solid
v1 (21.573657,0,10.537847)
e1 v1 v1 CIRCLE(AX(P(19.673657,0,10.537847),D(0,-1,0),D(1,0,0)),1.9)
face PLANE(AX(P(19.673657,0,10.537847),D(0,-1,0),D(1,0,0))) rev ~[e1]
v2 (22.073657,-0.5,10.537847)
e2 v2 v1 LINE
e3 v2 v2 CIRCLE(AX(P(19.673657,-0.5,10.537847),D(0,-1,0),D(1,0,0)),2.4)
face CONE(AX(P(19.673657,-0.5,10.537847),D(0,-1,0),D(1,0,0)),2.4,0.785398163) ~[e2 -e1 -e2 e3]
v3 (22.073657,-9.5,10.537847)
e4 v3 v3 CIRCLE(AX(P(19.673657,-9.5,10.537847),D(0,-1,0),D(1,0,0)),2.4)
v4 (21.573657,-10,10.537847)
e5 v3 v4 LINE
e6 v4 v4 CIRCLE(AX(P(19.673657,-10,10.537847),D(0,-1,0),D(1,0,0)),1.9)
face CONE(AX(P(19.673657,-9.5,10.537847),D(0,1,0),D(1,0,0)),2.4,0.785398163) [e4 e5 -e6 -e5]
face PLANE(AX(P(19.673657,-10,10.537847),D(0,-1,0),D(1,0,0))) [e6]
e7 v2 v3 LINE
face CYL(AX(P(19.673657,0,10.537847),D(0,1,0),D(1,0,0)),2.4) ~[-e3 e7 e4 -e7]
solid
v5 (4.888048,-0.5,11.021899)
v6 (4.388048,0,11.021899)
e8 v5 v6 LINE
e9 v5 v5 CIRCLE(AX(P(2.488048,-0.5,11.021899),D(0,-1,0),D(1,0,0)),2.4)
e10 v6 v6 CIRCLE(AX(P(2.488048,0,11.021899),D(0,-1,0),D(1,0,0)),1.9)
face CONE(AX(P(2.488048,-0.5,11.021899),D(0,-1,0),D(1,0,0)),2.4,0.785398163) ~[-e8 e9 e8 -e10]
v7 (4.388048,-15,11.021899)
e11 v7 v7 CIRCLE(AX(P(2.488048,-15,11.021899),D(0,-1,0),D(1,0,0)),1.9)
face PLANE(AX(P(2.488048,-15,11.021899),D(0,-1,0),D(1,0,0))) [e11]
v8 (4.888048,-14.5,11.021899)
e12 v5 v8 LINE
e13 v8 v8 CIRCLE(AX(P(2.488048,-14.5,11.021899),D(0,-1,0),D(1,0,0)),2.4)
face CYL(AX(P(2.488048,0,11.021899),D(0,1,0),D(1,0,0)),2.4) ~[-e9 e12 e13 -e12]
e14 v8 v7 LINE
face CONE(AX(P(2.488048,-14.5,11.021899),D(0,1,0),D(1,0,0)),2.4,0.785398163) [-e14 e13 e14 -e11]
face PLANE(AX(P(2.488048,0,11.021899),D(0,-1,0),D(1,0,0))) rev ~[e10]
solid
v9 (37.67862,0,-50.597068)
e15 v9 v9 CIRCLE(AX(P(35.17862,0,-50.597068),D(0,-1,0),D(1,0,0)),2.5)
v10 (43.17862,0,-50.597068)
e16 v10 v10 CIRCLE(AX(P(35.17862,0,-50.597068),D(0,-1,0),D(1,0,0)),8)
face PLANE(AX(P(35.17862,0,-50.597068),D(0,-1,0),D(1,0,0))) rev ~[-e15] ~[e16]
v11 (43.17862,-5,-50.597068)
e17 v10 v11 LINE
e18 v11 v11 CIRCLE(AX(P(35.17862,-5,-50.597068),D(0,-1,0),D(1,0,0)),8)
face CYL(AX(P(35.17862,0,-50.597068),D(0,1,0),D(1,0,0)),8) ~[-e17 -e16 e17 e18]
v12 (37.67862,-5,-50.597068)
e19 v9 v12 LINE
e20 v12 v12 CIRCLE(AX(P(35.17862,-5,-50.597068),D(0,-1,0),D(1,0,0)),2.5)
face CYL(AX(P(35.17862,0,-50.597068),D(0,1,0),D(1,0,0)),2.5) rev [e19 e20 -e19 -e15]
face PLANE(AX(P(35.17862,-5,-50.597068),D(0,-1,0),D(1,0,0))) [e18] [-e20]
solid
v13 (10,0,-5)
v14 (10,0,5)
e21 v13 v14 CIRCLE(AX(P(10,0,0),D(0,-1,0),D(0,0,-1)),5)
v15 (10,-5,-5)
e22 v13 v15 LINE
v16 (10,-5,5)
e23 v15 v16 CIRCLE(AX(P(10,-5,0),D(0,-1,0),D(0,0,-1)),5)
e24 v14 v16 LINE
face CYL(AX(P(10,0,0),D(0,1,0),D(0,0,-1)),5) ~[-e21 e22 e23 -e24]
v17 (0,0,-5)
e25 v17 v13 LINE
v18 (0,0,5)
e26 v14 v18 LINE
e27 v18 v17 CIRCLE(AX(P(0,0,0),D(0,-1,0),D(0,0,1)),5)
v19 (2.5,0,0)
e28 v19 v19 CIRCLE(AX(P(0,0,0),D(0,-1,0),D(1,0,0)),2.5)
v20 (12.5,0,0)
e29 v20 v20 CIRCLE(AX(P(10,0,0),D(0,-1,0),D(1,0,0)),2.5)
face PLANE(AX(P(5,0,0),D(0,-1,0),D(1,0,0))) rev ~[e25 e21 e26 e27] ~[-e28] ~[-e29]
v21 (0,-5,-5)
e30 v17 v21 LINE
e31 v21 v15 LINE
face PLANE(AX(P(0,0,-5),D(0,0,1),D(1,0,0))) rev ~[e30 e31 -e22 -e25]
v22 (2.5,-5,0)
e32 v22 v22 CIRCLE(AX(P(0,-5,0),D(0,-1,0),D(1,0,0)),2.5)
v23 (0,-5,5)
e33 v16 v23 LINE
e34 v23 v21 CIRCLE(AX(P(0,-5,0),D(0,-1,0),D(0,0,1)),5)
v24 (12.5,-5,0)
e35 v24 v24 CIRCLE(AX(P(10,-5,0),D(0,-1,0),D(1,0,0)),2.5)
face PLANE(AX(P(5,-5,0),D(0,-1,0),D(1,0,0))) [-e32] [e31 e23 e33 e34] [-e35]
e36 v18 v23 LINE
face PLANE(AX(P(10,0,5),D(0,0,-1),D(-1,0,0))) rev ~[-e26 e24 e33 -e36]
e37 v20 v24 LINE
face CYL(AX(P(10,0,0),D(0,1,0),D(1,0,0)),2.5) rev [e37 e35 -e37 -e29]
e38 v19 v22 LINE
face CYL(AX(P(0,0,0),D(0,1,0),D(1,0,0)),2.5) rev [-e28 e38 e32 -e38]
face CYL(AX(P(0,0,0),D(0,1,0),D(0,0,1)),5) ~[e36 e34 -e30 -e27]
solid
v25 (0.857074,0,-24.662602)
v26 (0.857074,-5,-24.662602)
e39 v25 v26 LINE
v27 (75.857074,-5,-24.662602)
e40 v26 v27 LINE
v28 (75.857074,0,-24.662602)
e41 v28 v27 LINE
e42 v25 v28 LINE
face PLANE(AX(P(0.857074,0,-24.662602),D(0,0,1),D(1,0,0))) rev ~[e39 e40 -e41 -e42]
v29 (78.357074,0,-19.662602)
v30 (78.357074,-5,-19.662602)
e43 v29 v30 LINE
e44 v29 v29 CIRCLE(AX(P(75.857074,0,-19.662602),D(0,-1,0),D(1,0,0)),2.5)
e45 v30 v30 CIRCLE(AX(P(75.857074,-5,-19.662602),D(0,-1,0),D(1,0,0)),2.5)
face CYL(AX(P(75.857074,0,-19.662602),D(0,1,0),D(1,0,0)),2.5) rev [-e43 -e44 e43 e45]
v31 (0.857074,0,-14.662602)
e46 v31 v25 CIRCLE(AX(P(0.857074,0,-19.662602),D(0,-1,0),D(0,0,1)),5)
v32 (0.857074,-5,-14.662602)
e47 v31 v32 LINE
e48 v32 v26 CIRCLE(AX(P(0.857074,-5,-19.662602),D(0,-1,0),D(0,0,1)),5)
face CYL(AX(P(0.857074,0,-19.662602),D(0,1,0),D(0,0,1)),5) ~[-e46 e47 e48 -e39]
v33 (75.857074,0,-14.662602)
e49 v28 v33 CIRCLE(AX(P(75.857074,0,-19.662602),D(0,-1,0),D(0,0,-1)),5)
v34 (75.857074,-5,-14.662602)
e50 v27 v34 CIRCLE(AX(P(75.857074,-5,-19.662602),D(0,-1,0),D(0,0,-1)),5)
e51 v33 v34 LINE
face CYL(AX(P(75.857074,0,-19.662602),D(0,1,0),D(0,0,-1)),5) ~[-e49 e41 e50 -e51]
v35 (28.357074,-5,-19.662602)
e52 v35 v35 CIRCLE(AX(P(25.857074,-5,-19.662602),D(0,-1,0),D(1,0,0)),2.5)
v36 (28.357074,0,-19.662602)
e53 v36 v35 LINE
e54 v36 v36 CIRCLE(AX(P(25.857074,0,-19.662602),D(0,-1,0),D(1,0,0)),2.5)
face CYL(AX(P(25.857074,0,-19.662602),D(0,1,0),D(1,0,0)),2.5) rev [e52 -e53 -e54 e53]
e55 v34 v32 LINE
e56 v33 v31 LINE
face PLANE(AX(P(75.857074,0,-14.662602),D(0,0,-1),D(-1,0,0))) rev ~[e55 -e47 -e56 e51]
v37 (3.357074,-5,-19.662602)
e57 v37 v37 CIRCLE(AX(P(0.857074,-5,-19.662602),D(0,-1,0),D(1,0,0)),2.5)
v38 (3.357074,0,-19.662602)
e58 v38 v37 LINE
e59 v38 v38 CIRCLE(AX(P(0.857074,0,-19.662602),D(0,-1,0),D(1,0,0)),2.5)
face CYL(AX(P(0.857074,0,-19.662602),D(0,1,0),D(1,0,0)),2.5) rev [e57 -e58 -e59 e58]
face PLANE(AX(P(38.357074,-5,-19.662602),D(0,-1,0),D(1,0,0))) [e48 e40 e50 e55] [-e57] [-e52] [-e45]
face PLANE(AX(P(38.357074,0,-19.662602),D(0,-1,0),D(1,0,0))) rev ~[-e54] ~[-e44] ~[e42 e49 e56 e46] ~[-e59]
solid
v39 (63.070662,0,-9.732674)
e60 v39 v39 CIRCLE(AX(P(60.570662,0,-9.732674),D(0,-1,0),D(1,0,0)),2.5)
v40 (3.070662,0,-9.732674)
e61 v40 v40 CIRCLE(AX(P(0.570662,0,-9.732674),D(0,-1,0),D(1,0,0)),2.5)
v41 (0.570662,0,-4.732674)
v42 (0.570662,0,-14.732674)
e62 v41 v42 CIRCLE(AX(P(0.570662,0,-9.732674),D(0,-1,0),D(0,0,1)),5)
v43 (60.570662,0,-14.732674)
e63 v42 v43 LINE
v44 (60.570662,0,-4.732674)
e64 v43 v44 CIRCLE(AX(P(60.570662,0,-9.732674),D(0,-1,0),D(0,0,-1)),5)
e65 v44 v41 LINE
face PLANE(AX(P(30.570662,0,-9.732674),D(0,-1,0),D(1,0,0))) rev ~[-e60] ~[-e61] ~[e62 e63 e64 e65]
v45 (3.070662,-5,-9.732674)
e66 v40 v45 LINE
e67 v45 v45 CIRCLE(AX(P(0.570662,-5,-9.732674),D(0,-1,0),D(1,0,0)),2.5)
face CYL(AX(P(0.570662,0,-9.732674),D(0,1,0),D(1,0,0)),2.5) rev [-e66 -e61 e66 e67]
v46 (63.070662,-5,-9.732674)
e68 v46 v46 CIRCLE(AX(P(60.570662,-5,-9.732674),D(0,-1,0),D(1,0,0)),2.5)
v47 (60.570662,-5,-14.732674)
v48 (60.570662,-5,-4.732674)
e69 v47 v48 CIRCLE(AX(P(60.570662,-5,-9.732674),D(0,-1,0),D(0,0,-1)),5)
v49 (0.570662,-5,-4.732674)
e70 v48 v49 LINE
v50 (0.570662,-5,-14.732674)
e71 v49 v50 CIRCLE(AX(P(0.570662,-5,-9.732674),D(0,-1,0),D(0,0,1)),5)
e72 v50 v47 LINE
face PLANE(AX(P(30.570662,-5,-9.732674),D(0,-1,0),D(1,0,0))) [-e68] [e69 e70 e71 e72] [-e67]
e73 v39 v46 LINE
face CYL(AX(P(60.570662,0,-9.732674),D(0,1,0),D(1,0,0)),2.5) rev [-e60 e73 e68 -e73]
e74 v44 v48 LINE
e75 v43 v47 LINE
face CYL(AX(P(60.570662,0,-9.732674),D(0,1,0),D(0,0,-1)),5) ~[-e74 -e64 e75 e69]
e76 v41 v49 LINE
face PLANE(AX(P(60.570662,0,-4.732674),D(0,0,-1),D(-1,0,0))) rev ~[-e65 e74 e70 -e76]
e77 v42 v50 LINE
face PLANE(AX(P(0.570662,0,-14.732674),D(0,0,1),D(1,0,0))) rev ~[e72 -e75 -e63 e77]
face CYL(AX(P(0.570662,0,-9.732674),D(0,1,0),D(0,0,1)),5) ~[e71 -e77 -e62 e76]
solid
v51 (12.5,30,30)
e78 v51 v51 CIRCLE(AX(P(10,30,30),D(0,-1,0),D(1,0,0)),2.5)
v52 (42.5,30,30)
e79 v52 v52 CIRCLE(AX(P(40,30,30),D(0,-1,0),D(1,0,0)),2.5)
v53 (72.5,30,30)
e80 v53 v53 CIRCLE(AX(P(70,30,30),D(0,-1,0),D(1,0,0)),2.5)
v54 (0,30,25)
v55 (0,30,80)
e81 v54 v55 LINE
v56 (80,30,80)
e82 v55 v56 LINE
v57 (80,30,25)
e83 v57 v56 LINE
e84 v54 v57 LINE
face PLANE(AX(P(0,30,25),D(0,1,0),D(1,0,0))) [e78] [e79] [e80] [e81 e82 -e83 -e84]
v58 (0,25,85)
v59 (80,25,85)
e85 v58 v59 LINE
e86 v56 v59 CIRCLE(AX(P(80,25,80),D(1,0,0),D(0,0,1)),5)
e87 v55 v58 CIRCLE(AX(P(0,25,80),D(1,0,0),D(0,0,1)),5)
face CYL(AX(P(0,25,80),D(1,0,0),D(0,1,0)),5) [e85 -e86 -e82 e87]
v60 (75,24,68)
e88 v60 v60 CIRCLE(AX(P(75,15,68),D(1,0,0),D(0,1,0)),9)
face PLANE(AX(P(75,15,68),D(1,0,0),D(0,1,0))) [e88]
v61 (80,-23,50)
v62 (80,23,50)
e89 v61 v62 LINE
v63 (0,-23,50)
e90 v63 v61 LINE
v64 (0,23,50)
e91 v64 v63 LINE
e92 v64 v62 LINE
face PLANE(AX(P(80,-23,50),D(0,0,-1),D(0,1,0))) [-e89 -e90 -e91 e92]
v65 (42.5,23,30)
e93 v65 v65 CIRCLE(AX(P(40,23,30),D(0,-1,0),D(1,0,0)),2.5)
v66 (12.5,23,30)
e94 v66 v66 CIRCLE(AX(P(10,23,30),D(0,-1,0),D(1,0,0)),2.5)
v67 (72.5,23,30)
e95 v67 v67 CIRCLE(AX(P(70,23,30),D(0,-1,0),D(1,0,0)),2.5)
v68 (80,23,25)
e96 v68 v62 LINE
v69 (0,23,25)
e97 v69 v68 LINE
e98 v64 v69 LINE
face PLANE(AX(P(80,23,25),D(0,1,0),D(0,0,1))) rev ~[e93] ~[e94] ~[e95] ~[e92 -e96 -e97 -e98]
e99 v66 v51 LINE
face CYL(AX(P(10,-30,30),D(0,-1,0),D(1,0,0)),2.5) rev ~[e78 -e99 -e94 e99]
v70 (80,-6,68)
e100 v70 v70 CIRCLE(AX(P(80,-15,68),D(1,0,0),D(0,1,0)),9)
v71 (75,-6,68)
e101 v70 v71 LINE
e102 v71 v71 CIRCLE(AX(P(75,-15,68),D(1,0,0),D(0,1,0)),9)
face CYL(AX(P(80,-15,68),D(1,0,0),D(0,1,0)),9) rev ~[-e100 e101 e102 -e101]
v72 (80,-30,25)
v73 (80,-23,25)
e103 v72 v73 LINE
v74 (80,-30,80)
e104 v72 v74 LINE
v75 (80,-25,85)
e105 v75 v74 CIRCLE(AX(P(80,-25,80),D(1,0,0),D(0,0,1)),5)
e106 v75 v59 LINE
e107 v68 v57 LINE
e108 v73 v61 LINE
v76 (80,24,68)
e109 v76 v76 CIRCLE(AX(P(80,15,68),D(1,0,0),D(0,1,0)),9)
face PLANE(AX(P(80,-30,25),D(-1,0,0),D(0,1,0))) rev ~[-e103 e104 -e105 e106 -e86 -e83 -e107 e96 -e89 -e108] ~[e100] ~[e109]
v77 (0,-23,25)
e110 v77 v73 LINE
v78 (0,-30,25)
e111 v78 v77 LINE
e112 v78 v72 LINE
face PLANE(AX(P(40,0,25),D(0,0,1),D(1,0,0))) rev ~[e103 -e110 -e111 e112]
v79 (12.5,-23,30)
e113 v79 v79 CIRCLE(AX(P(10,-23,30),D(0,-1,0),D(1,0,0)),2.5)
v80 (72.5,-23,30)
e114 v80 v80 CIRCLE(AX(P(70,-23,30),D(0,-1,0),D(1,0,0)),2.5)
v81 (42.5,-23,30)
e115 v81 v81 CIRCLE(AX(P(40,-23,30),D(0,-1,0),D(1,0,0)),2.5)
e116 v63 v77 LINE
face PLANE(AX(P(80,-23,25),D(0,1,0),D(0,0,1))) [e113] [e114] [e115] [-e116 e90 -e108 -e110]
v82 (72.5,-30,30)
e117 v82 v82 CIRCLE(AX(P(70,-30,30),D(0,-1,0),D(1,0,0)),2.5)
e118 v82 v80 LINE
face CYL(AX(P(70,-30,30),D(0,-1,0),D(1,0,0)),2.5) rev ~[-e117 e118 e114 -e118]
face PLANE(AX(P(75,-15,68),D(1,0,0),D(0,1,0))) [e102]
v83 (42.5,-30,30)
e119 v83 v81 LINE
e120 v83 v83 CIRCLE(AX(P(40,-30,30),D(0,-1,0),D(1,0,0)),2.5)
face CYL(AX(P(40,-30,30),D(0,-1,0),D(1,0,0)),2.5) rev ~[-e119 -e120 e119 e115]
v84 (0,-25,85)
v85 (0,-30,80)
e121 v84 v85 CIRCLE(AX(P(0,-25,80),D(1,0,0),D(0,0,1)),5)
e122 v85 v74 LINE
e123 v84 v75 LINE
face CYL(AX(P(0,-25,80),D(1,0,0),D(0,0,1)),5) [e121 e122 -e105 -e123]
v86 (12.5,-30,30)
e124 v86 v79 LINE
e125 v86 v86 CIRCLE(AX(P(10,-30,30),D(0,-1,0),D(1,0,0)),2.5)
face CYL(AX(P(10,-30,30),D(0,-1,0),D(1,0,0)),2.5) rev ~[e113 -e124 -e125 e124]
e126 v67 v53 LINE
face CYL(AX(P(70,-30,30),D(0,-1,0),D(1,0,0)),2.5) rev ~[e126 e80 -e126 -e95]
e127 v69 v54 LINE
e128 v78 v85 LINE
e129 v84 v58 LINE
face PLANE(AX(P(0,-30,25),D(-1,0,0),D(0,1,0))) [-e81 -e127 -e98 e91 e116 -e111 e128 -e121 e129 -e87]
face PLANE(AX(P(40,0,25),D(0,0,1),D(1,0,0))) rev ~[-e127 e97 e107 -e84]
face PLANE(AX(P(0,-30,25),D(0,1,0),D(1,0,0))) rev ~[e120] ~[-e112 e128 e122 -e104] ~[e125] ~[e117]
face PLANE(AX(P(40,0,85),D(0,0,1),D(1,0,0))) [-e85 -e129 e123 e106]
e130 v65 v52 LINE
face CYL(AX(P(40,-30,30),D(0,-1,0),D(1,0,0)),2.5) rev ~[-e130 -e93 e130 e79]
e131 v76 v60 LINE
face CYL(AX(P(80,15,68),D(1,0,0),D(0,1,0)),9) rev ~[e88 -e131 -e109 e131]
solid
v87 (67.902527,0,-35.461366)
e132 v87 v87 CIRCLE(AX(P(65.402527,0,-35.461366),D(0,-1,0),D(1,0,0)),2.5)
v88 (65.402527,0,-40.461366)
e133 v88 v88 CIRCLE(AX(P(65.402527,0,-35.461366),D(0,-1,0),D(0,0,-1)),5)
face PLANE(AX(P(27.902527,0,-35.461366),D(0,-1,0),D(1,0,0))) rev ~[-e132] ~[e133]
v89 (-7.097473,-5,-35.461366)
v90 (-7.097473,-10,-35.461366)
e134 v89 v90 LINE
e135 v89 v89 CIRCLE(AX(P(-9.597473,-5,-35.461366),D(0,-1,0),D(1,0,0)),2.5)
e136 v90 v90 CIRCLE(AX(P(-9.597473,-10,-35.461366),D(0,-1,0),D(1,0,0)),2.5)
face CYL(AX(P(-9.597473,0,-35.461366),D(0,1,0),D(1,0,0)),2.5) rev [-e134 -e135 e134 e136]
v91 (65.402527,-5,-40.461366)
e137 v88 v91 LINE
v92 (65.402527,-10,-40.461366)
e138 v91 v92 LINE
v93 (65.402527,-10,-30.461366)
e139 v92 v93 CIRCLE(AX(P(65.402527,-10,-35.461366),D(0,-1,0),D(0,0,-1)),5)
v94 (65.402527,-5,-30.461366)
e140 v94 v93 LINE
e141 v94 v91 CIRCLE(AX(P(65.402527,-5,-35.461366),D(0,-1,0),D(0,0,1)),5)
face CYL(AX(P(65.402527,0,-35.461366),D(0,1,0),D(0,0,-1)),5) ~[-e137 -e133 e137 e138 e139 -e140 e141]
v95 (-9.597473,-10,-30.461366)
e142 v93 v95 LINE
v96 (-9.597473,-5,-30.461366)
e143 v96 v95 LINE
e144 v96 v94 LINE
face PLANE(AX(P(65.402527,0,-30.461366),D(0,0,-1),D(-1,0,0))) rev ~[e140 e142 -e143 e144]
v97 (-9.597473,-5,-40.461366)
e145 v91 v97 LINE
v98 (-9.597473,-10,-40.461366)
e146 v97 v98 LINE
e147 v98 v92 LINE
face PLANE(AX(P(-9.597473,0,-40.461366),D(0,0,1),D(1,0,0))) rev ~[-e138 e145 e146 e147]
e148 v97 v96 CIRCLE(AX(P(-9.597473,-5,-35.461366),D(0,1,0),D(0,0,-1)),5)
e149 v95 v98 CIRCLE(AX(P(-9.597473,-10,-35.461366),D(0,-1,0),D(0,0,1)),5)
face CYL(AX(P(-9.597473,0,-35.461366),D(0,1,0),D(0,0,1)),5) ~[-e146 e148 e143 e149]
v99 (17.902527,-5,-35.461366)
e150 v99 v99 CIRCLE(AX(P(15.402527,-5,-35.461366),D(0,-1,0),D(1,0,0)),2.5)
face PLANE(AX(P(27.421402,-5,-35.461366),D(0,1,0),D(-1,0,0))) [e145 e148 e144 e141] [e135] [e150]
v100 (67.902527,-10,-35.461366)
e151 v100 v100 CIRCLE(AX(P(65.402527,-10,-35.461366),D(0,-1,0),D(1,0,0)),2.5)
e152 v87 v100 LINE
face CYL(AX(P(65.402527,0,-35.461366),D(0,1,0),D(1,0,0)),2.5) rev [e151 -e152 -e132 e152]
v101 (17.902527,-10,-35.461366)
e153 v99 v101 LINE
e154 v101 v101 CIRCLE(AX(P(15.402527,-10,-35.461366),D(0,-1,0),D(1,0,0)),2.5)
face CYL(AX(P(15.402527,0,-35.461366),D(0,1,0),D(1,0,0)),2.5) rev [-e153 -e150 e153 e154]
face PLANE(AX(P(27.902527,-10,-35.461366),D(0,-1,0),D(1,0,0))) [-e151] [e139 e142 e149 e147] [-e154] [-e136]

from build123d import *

# Parameters (mm, degrees)
F1_R       = 2.5
F2_DEPTH   = 5
F3_R       = 2.5
F4_DEPTH   = 5
F5_R       = 2.5
F6_DEPTH   = 5
F8_W       = 80
F8_H       = 60
F9_DEPTH   = 60
F10_R      = 2.5
F11_DEPTH  = 60.001
F12_R      = 2.4
F13_DEPTH  = 15
F14_R      = 8
F14_R_2    = 2.5
F15_DEPTH  = 5
F16_R      = 2.5
F17_DEPTH  = 10
F18_R      = 2.5
F19_DEPTH  = 5
F20_R      = 2.4
F21_DEPTH  = 10
F22_W      = 66
F22_H      = 46
F23_DEPTH  = 25
F24_W      = 46
F24_H      = 25
F25_DEPTH  = 94.5984731126
F26_R      = 9
F27_DEPTH  = 5
F28_R      = 5
F29_SIZE   = 0.5
F29_2_SIZE = 0.5


with BuildPart() as f2:
    # F1 (on Front) → F2 (new body)
    with BuildSketch(Plane.XZ):
        with BuildLine():
            Line((10, 5), (0, 5))
            ThreePointArc((0, 5), (-5, 0), (0, -5))
            Line((0, -5), (10, -5))
            ThreePointArc((10, -5), (15, 0), (10, 5))
        make_face()
        Circle(F1_R, mode=Mode.SUBTRACT)
        with Locations((10, 0)):
            Circle(F1_R, mode=Mode.SUBTRACT)
    extrude(amount=F2_DEPTH)


with BuildPart() as f4:
    # F3 (on Front) → F4 (new body)
    with BuildSketch(Plane.XZ):
        with BuildLine():
            Line((60.5706622079, -4.732673876), (0.5706622079, -4.732673876))
            ThreePointArc((0.5706622079, -4.732673876), (-4.4293377921, -9.732673876), (0.5706622079, -14.732673876))
            Line((0.5706622079, -14.732673876), (60.5706622079, -14.732673876))
            ThreePointArc((60.5706622079, -14.732673876), (65.5706622079, -9.732673876), (60.5706622079, -4.732673876))
        make_face()
        with Locations((0.5706622079, -9.732673876)):
            Circle(F3_R, mode=Mode.SUBTRACT)
        with Locations((60.5706622079, -9.732673876)):
            Circle(F3_R, mode=Mode.SUBTRACT)
    extrude(amount=F4_DEPTH)


with BuildPart() as f6:
    # F5 (on Front) → F6 (new body)
    with BuildSketch(Plane.XZ):
        with BuildLine():
            Line((75.8570737601, -14.6626018733), (0.8570737601, -14.6626018733))
            ThreePointArc((0.8570737601, -14.6626018733), (-4.1429262399, -19.6626018733), (0.8570737601, -24.6626018733))
            Line((0.8570737601, -24.6626018733), (75.8570737601, -24.6626018733))
            ThreePointArc((75.8570737601, -24.6626018733), (80.8570737601, -19.6626018733), (75.8570737601, -14.6626018733))
        make_face()
        with Locations((0.8570737601, -19.6626018733)):
            Circle(F5_R, mode=Mode.SUBTRACT)
        with Locations((25.8570737601, -19.6626018733)):
            Circle(F5_R, mode=Mode.SUBTRACT)
        with Locations((75.8570737601, -19.6626018733)):
            Circle(F5_R, mode=Mode.SUBTRACT)
    extrude(amount=F6_DEPTH)


with BuildPart() as f9:
    # F8 (on offset) → F9 (new body)
    with BuildSketch(Plane.XY.offset(25)):
        with Locations((40, 0)):
            Rectangle(F8_W, F8_H)
    extrude(amount=F9_DEPTH)

    # F10 (on face) → F11 (cut, through all)
    with BuildSketch(Plane.XZ.offset(30)):
        with Locations((10, 30)):
            Circle(F10_R)
        with Locations((70, 30)):
            Circle(F10_R)
        with Locations((40, 30)):
            Circle(F10_R)
    extrude(amount=-F11_DEPTH, mode=Mode.SUBTRACT)

    # F22 (on face) → F23 (cut)
    with BuildSketch(Plane(origin=(0, 0, 25), x_dir=(1, 0, 0), z_dir=(0, 0, -1))):
        with Locations((40, 0)):
            Rectangle(F22_W, F22_H)
    extrude(amount=-F23_DEPTH, mode=Mode.SUBTRACT)

    # F24 (on face) → F25 (cut, through all)
    with BuildSketch(Plane.YZ.offset(80)):
        with Locations((0, 37.5)):
            Rectangle(F24_W, F24_H)
    extrude(amount=-F25_DEPTH, mode=Mode.SUBTRACT)

    # F26 (on face) → F27 (cut)
    with BuildSketch(Plane.YZ.offset(80)):
        with Locations((-15, 68)):
            Circle(F26_R)
        with Locations((15, 68)):
            Circle(F26_R)
    extrude(amount=-F27_DEPTH, mode=Mode.SUBTRACT)

    # F28
    f28_edges = [f9.edges().sort_by_distance(p)[0] for p in [
        (40, 30, 85),
        (40, -30, 85),
    ]]
    fillet(f28_edges, radius=F28_R)


with BuildPart() as f13:
    # F12 (on Front) → F13 (new body)
    with BuildSketch(Plane.XZ):
        with Locations((2.488047583, 11.0218990594)):
            Circle(F12_R)
    extrude(amount=F13_DEPTH)

    # F29
    f29_edges = [f13.edges().sort_by_distance(p)[0] for p in [
        (0.088048, -15, 11.021899),
        (0.088048, 0, 11.021899),
    ]]
    chamfer(f29_edges, length=F29_SIZE)


with BuildPart() as f15:
    # F14 (on Front) → F15 (new body)
    with BuildSketch(Plane.XZ):
        with Locations((35.1786203682, -50.5970679224)):
            Circle(F14_R)
        with Locations((35.1786203682, -50.5970679224)):
            Circle(F14_R_2, mode=Mode.SUBTRACT)
    extrude(amount=F15_DEPTH)


with BuildPart() as f17:
    # F16 (on Front) → F17 (new body)
    with BuildSketch(Plane.XZ):
        with BuildLine():
            Line((65.4025268874, -30.4613661766), (-9.5974731126, -30.4613661766))
            ThreePointArc((-9.5974731126, -30.4613661766), (-14.5974731126, -35.4613661766), (-9.5974731126, -40.4613661766))
            Line((-9.5974731126, -40.4613661766), (65.4025268874, -40.4613661766))
            ThreePointArc((65.4025268874, -40.4613661766), (70.4025268874, -35.4613661766), (65.4025268874, -30.4613661766))
        make_face()
        with Locations((-9.5974731126, -35.4613661766)):
            Circle(F16_R, mode=Mode.SUBTRACT)
        with Locations((15.4025268874, -35.4613661766)):
            Circle(F16_R, mode=Mode.SUBTRACT)
        with Locations((65.4025268874, -35.4613661766)):
            Circle(F16_R, mode=Mode.SUBTRACT)
    extrude(amount=F17_DEPTH)

    # F18 (on face) → F19 (cut)
    with BuildSketch(Plane(origin=(0, 0, 0), x_dir=(-1, 0, 0), z_dir=(0, 1, 0))):
        with BuildLine():
            ThreePointArc((9.5974731126, -40.4613661766), (14.5974731126, -35.4613661766), (9.5974731126, -30.4613661766))
            Line((9.5974731126, -30.4613661766), (-65.4025268874, -30.4613661766))
            ThreePointArc((-65.4025268874, -30.4613661766), (-60.4025268874, -35.4613661766), (-65.4025268874, -40.4613661766))
            Line((-65.4025268874, -40.4613661766), (9.5974731126, -40.4613661766))
        make_face()
        with Locations((-15.4025268874, -35.4613661766)):
            Circle(F18_R, mode=Mode.SUBTRACT)
        with Locations((9.5974731126, -35.4613661766)):
            Circle(F18_R, mode=Mode.SUBTRACT)
    extrude(amount=-F19_DEPTH, mode=Mode.SUBTRACT)


with BuildPart() as f21:
    # F20 (on Front) → F21 (new body)
    with BuildSketch(Plane.XZ):
        with Locations((19.6736566722, 10.5378469452)):
            Circle(F20_R)
    extrude(amount=F21_DEPTH)

    # F29#2
    f29_2_edges = [f21.edges().sort_by_distance(p)[0] for p in [
        (17.273657, -10, 10.537847),
        (17.273657, 0, 10.537847),
    ]]
    chamfer(f29_2_edges, length=F29_2_SIZE)


solid = Compound([f2.part, f4.part, f6.part, f9.part, f13.part, f15.part, f17.part, f21.part])
